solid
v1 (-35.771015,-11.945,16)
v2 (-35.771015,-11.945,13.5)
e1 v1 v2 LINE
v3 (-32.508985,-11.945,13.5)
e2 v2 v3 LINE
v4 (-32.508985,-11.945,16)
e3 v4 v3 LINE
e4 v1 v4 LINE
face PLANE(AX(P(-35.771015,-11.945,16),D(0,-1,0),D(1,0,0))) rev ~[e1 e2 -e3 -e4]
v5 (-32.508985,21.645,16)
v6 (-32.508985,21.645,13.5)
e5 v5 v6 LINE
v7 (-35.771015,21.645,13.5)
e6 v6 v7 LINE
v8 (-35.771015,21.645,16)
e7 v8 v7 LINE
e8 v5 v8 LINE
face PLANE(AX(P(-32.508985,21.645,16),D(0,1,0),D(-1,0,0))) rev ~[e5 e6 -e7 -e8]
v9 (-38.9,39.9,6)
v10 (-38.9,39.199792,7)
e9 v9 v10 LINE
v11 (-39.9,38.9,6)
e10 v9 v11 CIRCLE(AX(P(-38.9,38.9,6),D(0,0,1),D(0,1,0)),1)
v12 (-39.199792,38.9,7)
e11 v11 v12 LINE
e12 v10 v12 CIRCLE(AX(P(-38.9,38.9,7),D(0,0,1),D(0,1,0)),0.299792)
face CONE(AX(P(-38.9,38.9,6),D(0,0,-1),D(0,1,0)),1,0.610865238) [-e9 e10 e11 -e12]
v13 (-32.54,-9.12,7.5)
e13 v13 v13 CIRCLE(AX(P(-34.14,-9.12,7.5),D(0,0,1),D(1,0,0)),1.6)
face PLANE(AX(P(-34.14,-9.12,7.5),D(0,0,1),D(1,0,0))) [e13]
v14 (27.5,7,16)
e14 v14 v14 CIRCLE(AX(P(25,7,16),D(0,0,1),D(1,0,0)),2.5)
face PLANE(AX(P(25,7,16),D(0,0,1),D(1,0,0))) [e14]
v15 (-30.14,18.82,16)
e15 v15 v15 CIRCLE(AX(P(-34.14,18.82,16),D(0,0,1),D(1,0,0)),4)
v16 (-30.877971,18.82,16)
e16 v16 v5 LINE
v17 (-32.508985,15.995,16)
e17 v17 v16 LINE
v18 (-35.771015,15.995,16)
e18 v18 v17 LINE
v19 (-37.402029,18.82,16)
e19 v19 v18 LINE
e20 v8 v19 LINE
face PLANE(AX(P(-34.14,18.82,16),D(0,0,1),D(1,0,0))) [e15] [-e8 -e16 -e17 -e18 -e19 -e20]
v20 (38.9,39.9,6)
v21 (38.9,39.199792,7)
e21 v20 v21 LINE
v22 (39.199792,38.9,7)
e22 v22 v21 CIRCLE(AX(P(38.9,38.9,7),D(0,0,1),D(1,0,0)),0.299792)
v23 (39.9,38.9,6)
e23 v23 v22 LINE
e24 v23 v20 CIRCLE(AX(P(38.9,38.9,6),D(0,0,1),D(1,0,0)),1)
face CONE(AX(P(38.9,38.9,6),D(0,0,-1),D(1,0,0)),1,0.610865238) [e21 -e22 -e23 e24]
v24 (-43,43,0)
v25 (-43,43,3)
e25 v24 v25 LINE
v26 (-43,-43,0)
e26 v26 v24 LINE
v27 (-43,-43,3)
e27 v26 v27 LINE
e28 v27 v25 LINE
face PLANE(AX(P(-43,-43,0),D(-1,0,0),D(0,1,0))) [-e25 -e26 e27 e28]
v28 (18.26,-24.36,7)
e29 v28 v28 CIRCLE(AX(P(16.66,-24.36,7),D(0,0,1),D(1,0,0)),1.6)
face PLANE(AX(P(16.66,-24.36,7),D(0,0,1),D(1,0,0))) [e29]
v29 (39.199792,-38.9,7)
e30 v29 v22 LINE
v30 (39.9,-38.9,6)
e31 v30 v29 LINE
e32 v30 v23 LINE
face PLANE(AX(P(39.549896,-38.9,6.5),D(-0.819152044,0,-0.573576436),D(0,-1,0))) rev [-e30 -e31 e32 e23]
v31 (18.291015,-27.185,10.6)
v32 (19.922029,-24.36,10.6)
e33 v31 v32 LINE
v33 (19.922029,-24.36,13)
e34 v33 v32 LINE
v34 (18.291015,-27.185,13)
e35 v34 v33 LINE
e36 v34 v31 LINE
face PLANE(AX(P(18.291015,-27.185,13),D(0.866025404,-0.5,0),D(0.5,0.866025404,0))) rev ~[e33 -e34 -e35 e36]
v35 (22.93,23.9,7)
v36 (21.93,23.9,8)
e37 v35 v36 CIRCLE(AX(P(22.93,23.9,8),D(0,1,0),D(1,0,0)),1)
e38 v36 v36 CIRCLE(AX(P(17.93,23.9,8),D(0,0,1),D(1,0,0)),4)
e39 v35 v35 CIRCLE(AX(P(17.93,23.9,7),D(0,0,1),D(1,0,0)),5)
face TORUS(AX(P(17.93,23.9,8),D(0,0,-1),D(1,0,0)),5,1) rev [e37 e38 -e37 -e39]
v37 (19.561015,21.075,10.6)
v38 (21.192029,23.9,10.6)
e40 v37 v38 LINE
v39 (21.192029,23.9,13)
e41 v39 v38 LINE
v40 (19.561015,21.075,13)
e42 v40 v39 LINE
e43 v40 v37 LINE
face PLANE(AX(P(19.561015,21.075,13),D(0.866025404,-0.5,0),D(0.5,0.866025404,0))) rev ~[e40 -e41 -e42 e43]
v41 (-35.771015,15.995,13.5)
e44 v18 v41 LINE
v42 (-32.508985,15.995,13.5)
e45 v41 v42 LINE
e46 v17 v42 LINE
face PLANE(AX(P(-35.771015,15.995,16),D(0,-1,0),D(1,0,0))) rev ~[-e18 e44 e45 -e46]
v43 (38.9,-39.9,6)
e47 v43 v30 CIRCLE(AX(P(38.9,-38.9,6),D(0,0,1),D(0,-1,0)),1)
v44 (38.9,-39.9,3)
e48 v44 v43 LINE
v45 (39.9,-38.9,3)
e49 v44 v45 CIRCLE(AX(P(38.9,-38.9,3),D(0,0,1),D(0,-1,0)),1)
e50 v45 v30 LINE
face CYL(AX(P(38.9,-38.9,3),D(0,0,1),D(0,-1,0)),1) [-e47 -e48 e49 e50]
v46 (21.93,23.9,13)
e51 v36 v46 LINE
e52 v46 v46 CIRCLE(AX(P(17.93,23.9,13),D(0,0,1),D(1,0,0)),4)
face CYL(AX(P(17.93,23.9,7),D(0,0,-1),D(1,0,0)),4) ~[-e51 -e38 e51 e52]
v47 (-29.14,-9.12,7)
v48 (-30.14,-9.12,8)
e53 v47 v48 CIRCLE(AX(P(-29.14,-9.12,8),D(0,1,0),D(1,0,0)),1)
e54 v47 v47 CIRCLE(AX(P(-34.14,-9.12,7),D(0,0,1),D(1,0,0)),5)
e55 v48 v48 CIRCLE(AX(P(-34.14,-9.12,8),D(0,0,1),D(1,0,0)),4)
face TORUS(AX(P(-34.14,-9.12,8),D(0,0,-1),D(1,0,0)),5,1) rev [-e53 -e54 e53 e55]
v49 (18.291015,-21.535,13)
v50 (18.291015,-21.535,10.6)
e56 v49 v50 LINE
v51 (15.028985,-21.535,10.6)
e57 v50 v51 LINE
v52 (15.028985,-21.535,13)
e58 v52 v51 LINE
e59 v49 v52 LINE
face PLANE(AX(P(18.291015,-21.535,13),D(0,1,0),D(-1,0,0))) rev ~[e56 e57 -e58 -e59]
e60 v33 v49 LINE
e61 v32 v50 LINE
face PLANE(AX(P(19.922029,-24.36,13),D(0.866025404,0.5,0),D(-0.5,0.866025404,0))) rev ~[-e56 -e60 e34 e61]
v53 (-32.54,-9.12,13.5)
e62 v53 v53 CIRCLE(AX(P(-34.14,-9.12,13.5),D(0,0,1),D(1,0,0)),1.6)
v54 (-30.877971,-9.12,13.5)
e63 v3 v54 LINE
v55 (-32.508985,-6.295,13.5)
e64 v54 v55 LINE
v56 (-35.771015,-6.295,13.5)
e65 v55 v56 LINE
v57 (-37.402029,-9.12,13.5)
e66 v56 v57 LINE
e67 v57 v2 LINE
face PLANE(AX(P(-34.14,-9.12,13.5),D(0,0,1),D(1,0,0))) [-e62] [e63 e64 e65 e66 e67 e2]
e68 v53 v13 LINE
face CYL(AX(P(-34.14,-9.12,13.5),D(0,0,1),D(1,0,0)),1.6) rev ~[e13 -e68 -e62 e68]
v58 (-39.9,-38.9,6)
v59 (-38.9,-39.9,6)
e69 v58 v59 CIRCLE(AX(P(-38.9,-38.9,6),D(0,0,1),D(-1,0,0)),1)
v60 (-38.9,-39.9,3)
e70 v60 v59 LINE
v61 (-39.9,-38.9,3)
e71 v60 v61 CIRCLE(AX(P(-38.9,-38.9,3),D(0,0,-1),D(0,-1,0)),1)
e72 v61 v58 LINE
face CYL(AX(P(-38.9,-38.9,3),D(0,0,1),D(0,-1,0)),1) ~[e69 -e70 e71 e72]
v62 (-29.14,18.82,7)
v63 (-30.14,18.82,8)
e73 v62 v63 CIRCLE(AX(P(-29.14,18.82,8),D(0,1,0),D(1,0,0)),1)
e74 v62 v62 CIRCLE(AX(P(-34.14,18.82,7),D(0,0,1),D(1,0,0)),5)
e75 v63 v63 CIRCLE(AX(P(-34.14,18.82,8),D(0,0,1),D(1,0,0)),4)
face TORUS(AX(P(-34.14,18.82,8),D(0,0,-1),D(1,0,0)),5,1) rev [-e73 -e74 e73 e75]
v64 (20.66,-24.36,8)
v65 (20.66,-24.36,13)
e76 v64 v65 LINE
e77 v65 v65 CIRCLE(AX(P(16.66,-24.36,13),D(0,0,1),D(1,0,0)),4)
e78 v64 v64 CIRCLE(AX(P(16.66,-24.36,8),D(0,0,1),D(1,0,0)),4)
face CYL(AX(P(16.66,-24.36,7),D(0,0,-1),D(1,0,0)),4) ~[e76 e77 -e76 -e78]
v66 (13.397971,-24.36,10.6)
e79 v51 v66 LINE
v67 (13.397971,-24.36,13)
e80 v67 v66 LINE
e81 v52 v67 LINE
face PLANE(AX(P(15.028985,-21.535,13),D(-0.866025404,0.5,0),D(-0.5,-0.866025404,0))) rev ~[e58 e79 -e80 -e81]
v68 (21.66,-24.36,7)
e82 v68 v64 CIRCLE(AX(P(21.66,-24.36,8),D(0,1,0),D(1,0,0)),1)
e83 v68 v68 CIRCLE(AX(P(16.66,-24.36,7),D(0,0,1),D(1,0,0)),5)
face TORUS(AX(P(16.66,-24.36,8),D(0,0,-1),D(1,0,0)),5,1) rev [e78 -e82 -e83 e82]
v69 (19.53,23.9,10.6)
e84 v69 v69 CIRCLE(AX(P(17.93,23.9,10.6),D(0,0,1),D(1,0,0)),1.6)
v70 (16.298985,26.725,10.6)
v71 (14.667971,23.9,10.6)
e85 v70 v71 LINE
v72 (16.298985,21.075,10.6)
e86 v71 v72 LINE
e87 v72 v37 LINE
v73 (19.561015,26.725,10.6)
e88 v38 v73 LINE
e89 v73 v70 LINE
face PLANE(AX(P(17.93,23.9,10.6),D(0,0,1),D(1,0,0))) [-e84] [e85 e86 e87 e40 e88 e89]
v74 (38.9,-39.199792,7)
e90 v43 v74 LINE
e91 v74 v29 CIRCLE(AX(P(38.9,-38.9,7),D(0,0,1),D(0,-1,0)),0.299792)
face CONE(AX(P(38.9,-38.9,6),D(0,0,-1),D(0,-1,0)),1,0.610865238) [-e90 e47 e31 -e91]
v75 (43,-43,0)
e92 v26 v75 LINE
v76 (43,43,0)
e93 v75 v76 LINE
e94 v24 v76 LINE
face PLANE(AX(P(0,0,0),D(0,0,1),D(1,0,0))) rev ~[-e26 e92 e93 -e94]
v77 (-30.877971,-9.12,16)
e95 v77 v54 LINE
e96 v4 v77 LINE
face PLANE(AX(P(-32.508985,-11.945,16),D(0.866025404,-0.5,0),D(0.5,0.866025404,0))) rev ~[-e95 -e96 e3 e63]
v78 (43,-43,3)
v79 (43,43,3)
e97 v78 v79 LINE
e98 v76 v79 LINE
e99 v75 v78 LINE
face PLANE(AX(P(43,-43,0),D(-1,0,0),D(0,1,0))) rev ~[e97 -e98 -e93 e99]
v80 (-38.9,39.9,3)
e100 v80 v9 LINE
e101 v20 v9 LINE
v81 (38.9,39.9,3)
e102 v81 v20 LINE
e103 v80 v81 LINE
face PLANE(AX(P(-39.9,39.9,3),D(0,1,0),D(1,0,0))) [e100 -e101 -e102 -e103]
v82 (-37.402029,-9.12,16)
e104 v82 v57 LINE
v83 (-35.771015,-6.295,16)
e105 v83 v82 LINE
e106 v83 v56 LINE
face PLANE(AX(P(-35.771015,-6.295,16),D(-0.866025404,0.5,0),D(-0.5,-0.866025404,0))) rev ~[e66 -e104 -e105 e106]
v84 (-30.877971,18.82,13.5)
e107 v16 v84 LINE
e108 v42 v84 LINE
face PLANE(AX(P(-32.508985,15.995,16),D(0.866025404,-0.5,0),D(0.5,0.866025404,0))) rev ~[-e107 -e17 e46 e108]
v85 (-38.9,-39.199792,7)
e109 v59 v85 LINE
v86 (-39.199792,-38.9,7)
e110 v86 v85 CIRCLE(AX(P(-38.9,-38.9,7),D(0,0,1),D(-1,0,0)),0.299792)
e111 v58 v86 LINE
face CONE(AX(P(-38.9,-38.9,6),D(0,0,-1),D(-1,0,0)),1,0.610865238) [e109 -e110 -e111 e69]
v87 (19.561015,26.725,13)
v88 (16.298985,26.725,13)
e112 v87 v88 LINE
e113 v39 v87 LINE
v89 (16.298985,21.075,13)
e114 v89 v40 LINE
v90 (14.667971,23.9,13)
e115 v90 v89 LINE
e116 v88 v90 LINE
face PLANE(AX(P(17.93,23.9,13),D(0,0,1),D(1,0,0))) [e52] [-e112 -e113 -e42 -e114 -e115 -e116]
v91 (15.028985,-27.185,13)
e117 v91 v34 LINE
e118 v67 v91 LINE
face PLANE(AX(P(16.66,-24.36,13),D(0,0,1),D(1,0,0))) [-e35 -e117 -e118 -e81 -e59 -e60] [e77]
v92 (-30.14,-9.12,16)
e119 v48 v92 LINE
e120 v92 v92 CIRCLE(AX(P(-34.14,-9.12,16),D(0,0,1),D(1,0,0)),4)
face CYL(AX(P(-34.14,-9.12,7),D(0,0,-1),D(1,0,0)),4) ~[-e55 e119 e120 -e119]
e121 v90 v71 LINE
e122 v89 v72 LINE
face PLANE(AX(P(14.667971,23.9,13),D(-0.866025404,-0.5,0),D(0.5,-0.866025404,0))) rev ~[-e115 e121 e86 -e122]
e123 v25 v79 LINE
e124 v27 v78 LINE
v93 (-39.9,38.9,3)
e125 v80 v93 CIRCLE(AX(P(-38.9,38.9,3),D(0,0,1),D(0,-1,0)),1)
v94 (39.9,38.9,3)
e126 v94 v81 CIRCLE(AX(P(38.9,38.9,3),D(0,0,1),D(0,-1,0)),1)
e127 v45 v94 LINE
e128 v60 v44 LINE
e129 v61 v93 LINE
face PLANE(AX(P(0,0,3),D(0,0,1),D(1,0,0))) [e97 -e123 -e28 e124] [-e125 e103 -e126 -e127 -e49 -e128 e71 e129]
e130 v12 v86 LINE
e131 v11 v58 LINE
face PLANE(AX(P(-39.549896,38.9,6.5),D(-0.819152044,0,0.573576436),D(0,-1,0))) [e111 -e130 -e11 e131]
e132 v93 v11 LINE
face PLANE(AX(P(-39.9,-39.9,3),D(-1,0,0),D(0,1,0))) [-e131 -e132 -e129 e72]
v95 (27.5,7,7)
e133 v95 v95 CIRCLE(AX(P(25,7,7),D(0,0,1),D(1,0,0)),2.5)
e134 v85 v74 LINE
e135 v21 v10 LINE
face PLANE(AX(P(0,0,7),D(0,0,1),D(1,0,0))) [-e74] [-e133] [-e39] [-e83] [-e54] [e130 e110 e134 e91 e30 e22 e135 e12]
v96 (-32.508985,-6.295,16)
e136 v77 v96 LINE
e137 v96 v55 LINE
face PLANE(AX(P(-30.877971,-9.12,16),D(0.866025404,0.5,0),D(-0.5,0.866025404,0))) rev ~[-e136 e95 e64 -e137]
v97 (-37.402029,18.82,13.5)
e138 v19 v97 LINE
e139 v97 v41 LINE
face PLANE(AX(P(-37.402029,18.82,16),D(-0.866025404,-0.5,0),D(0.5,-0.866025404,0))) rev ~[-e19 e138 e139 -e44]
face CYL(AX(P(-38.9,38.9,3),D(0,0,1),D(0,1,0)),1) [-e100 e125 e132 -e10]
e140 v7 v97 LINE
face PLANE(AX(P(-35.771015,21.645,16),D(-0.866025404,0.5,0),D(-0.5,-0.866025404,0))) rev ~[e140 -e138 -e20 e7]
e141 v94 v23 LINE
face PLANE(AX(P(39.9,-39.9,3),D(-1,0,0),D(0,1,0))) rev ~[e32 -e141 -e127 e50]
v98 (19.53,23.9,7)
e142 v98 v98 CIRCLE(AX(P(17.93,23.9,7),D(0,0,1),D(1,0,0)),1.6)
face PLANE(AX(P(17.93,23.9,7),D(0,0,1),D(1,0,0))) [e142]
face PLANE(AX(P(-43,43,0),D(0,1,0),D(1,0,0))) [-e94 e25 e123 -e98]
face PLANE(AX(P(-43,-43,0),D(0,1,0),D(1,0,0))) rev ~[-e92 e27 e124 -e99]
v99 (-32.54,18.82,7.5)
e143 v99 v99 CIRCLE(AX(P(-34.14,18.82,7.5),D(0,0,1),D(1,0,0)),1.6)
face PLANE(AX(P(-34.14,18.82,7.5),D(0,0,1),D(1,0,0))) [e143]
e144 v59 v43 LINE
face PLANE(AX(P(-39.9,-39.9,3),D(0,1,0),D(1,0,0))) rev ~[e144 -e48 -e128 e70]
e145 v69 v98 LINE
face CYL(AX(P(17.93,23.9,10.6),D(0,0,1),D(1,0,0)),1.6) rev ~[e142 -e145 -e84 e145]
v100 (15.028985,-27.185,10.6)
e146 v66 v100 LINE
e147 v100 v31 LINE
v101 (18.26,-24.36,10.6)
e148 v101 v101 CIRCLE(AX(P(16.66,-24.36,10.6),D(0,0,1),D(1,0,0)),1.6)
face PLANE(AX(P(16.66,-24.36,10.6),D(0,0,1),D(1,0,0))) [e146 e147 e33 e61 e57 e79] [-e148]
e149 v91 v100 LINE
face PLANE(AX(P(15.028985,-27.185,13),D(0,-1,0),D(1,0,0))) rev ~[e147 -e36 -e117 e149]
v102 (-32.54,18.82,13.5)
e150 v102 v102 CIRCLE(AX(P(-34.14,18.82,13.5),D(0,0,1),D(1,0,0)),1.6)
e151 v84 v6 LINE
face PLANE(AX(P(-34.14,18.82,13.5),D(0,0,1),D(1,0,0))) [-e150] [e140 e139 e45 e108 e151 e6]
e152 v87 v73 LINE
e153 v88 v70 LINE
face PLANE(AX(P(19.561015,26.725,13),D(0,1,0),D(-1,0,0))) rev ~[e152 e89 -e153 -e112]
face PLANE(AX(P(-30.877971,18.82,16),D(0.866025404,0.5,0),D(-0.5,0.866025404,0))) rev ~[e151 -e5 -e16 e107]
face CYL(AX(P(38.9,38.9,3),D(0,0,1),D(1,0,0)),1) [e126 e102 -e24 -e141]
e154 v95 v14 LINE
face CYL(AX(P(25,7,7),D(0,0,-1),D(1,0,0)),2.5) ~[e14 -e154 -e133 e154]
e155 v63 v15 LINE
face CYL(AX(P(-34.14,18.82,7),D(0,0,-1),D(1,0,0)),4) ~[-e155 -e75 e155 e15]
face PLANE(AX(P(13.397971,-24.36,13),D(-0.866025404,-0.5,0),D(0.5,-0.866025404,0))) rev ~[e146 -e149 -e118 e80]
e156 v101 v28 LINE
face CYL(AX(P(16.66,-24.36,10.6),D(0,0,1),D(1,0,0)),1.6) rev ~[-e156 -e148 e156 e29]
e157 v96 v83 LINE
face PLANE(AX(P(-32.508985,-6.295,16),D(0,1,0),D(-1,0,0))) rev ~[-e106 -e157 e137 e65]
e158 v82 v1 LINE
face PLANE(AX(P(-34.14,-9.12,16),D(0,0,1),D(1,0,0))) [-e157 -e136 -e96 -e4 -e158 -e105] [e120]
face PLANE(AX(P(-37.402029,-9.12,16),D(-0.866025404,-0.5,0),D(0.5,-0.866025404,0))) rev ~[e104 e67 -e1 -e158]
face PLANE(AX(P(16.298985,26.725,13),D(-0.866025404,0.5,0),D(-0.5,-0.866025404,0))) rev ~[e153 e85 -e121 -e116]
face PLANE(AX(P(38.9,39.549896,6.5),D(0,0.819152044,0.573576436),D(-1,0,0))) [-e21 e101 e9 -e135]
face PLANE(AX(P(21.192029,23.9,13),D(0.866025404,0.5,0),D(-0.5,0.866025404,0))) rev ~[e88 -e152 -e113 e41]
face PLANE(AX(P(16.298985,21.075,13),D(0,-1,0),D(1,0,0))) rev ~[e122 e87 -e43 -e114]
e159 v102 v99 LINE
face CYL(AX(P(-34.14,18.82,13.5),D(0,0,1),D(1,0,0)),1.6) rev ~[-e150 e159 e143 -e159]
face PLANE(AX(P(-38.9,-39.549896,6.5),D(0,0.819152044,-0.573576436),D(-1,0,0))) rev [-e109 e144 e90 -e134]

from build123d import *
from OCP.BRepFilletAPI import BRepFilletAPI_MakeChamfer

# Parameters (mm, degrees)
SKETCH1_W           = 86
SKETCH1_H           = 86
BOSS_EXTRUDE1_DEPTH = 3
SKETCH2_W           = 79.8
SKETCH2_H           = 79.8
BOSS_EXTRUDE2_DEPTH = 4
SKETCH3_R           = 4
BOSS_EXTRUDE3_DEPTH = 9
SKETCH5_3_R         = 4
BOSS_EXTRUDE4_DEPTH = 6
FILLET1_R           = 1
CUT_EXTRUDE1_DEPTH  = 2.4
SKETCH5_R           = 1.6
CUT_EXTRUDE2_DEPTH  = 3.6
CUT_EXTRUDE3_DEPTH  = 2.5
SKETCH7_R           = 1.6
CUT_EXTRUDE4_DEPTH  = 6
SKETCH8_R           = 2.5
BOSS_EXTRUDE5_DEPTH = 9
CHAMFER1_SIZE       = 1
CHAMFER1_SIZE2      = 0.700207538


with BuildPart() as part:
    # Sketch1 → Boss-Extrude1 (new body)
    with BuildSketch(Plane.XY):
        Rectangle(SKETCH1_W, SKETCH1_H)
    extrude(amount=BOSS_EXTRUDE1_DEPTH)

    # Sketch2 → Boss-Extrude2 (add)
    with BuildSketch(Plane.XY.offset(3)):
        Rectangle(SKETCH2_W, SKETCH2_H)
    extrude(amount=BOSS_EXTRUDE2_DEPTH)

    # Sketch3 → Boss-Extrude3 (add)
    with BuildSketch(Plane.XY.offset(7)):
        with Locations((-34.14, 18.82)):
            Circle(SKETCH3_R)
        with Locations((-34.14, -9.12)):
            Circle(SKETCH3_R)
    extrude(amount=BOSS_EXTRUDE3_DEPTH)

    # Sketch5<3> → Boss-Extrude4 (add)
    with BuildSketch(Plane.XY.offset(7)):
        with Locations((17.93, 23.9)):
            Circle(SKETCH5_3_R)
        with Locations((16.66, -24.36)):
            Circle(SKETCH5_3_R)
    extrude(amount=BOSS_EXTRUDE4_DEPTH)

    # Fillet1
    fillet1_edges = [part.edges().sort_by_distance(p)[0] for p in [
        (-39.9, -39.9, 5),
        (39.9, -39.9, 5),
        (39.9, 39.9, 5),
        (-39.9, 39.9, 5),
        (-38.14, 18.82, 7),
        (-38.14, -9.12, 7),
        (13.93, 23.9, 7),
        (12.66, -24.36, 7),
    ]]
    fillet(fillet1_edges, radius=FILLET1_R)

    # Sketch4 → Cut-Extrude1 (cut)
    with BuildSketch(Plane.XY.offset(13)):
        Polygon((13.397970979, -24.36), (15.02898549, -27.185), (18.29101451, -27.185), (19.922029021, -24.36), (18.29101451, -21.535), (15.02898549, -21.535), align=None)
        Polygon((14.667970979, 23.9), (16.29898549, 21.075), (19.56101451, 21.075), (21.192029021, 23.9), (19.56101451, 26.725), (16.29898549, 26.725), align=None)
    extrude(amount=-CUT_EXTRUDE1_DEPTH, mode=Mode.SUBTRACT)

    # Sketch5 → Cut-Extrude2 (cut)
    with BuildSketch(Plane.XY.offset(10.6)):
        with Locations((17.93, 23.9)):
            Circle(SKETCH5_R)
        with Locations((16.66, -24.36)):
            Circle(SKETCH5_R)
    extrude(amount=-CUT_EXTRUDE2_DEPTH, mode=Mode.SUBTRACT)

    # Sketch6 → Cut-Extrude3 (cut)
    with BuildSketch(Plane.XY.offset(16)):
        Polygon((-37.402029021, 18.82), (-35.77101451, 15.995), (-32.50898549, 15.995), (-30.877970979, 18.82), (-32.50898549, 21.645), (-35.77101451, 21.645), align=None)
        Polygon((-37.402029021, -9.12), (-35.77101451, -11.945), (-32.50898549, -11.945), (-30.877970979, -9.12), (-32.50898549, -6.295), (-35.77101451, -6.295), align=None)
    extrude(amount=-CUT_EXTRUDE3_DEPTH, mode=Mode.SUBTRACT)

    # Sketch7 → Cut-Extrude4 (cut)
    with BuildSketch(Plane.XY.offset(13.5)):
        with Locations((-34.14, 18.82)):
            Circle(SKETCH7_R)
        with Locations((-34.14, -9.12)):
            Circle(SKETCH7_R)
    extrude(amount=-CUT_EXTRUDE4_DEPTH, mode=Mode.SUBTRACT)

    # Sketch8 → Boss-Extrude5 (add)
    with BuildSketch(Plane.XY.offset(7)):
        with Locations((25, 7)):
            Circle(SKETCH8_R)
    extrude(amount=BOSS_EXTRUDE5_DEPTH)

    # Chamfer1: one chamfer whose edges measure the first distance from different faces: ONE call of the kernel's chamfer builder (chamfer() names one face for all edges)
    chamfer1_edges_1 = [part.edges().sort_by_distance(p)[0] for p in [
        (0, -39.9, 7),
    ]]
    chamfer1_side_1 = [part.faces().sort_by_distance(p)[0] for p in [
        (0, -39.9, 5),
    ]]
    chamfer1_edges_2 = [part.edges().sort_by_distance(p)[0] for p in [
        (39.9, 0, 7),
    ]]
    chamfer1_side_2 = [part.faces().sort_by_distance(p)[0] for p in [
        (39.9, 0, 5),
    ]]
    chamfer1_edges_3 = [part.edges().sort_by_distance(p)[0] for p in [
        (0, 39.9, 7),
    ]]
    chamfer1_side_3 = [part.faces().sort_by_distance(p)[0] for p in [
        (0, 39.9, 5),
    ]]
    chamfer1_edges_4 = [part.edges().sort_by_distance(p)[0] for p in [
        (-39.9, 0, 7),
    ]]
    chamfer1_side_4 = [part.faces().sort_by_distance(p)[0] for p in [
        (-39.9, 0, 5),
    ]]
    chamfer1_edges_5 = [part.edges().sort_by_distance(p)[0] for p in [
        (-39.607106781, 39.607106781, 7),
    ]]
    chamfer1_side_5 = [part.faces().sort_by_distance(p)[0] for p in [
        (-39.607106781, 39.607106781, 5),
    ]]
    chamfer1_edges_6 = [part.edges().sort_by_distance(p)[0] for p in [
        (-39.607106781, -39.607106781, 7),
    ]]
    chamfer1_side_6 = [part.faces().sort_by_distance(p)[0] for p in [
        (-39.607106781, -39.607106781, 5),
    ]]
    chamfer1_edges_7 = [part.edges().sort_by_distance(p)[0] for p in [
        (39.607106781, -39.607106781, 7),
    ]]
    chamfer1_side_7 = [part.faces().sort_by_distance(p)[0] for p in [
        (39.607106781, -39.607106781, 5),
    ]]
    chamfer1_edges_8 = [part.edges().sort_by_distance(p)[0] for p in [
        (39.607106781, 39.607106781, 7),
    ]]
    chamfer1_side_8 = [part.faces().sort_by_distance(p)[0] for p in [
        (39.607106781, 39.607106781, 5),
    ]]
    chamfer1 = BRepFilletAPI_MakeChamfer(part.part.solid().wrapped)
    for e in chamfer1_edges_1:
        chamfer1.Add(CHAMFER1_SIZE, CHAMFER1_SIZE2, e.wrapped, chamfer1_side_1[0].wrapped)  # the first distance lies on this face
    for e in chamfer1_edges_2:
        chamfer1.Add(CHAMFER1_SIZE, CHAMFER1_SIZE2, e.wrapped, chamfer1_side_2[0].wrapped)  # the first distance lies on this face
    for e in chamfer1_edges_3:
        chamfer1.Add(CHAMFER1_SIZE, CHAMFER1_SIZE2, e.wrapped, chamfer1_side_3[0].wrapped)  # the first distance lies on this face
    for e in chamfer1_edges_4:
        chamfer1.Add(CHAMFER1_SIZE, CHAMFER1_SIZE2, e.wrapped, chamfer1_side_4[0].wrapped)  # the first distance lies on this face
    for e in chamfer1_edges_5:
        chamfer1.Add(CHAMFER1_SIZE, CHAMFER1_SIZE2, e.wrapped, chamfer1_side_5[0].wrapped)  # the first distance lies on this face
    for e in chamfer1_edges_6:
        chamfer1.Add(CHAMFER1_SIZE, CHAMFER1_SIZE2, e.wrapped, chamfer1_side_6[0].wrapped)  # the first distance lies on this face
    for e in chamfer1_edges_7:
        chamfer1.Add(CHAMFER1_SIZE, CHAMFER1_SIZE2, e.wrapped, chamfer1_side_7[0].wrapped)  # the first distance lies on this face
    for e in chamfer1_edges_8:
        chamfer1.Add(CHAMFER1_SIZE, CHAMFER1_SIZE2, e.wrapped, chamfer1_side_8[0].wrapped)  # the first distance lies on this face
    add(Compound.cast(chamfer1.Shape()), mode=Mode.REPLACE)


solid = part.part
